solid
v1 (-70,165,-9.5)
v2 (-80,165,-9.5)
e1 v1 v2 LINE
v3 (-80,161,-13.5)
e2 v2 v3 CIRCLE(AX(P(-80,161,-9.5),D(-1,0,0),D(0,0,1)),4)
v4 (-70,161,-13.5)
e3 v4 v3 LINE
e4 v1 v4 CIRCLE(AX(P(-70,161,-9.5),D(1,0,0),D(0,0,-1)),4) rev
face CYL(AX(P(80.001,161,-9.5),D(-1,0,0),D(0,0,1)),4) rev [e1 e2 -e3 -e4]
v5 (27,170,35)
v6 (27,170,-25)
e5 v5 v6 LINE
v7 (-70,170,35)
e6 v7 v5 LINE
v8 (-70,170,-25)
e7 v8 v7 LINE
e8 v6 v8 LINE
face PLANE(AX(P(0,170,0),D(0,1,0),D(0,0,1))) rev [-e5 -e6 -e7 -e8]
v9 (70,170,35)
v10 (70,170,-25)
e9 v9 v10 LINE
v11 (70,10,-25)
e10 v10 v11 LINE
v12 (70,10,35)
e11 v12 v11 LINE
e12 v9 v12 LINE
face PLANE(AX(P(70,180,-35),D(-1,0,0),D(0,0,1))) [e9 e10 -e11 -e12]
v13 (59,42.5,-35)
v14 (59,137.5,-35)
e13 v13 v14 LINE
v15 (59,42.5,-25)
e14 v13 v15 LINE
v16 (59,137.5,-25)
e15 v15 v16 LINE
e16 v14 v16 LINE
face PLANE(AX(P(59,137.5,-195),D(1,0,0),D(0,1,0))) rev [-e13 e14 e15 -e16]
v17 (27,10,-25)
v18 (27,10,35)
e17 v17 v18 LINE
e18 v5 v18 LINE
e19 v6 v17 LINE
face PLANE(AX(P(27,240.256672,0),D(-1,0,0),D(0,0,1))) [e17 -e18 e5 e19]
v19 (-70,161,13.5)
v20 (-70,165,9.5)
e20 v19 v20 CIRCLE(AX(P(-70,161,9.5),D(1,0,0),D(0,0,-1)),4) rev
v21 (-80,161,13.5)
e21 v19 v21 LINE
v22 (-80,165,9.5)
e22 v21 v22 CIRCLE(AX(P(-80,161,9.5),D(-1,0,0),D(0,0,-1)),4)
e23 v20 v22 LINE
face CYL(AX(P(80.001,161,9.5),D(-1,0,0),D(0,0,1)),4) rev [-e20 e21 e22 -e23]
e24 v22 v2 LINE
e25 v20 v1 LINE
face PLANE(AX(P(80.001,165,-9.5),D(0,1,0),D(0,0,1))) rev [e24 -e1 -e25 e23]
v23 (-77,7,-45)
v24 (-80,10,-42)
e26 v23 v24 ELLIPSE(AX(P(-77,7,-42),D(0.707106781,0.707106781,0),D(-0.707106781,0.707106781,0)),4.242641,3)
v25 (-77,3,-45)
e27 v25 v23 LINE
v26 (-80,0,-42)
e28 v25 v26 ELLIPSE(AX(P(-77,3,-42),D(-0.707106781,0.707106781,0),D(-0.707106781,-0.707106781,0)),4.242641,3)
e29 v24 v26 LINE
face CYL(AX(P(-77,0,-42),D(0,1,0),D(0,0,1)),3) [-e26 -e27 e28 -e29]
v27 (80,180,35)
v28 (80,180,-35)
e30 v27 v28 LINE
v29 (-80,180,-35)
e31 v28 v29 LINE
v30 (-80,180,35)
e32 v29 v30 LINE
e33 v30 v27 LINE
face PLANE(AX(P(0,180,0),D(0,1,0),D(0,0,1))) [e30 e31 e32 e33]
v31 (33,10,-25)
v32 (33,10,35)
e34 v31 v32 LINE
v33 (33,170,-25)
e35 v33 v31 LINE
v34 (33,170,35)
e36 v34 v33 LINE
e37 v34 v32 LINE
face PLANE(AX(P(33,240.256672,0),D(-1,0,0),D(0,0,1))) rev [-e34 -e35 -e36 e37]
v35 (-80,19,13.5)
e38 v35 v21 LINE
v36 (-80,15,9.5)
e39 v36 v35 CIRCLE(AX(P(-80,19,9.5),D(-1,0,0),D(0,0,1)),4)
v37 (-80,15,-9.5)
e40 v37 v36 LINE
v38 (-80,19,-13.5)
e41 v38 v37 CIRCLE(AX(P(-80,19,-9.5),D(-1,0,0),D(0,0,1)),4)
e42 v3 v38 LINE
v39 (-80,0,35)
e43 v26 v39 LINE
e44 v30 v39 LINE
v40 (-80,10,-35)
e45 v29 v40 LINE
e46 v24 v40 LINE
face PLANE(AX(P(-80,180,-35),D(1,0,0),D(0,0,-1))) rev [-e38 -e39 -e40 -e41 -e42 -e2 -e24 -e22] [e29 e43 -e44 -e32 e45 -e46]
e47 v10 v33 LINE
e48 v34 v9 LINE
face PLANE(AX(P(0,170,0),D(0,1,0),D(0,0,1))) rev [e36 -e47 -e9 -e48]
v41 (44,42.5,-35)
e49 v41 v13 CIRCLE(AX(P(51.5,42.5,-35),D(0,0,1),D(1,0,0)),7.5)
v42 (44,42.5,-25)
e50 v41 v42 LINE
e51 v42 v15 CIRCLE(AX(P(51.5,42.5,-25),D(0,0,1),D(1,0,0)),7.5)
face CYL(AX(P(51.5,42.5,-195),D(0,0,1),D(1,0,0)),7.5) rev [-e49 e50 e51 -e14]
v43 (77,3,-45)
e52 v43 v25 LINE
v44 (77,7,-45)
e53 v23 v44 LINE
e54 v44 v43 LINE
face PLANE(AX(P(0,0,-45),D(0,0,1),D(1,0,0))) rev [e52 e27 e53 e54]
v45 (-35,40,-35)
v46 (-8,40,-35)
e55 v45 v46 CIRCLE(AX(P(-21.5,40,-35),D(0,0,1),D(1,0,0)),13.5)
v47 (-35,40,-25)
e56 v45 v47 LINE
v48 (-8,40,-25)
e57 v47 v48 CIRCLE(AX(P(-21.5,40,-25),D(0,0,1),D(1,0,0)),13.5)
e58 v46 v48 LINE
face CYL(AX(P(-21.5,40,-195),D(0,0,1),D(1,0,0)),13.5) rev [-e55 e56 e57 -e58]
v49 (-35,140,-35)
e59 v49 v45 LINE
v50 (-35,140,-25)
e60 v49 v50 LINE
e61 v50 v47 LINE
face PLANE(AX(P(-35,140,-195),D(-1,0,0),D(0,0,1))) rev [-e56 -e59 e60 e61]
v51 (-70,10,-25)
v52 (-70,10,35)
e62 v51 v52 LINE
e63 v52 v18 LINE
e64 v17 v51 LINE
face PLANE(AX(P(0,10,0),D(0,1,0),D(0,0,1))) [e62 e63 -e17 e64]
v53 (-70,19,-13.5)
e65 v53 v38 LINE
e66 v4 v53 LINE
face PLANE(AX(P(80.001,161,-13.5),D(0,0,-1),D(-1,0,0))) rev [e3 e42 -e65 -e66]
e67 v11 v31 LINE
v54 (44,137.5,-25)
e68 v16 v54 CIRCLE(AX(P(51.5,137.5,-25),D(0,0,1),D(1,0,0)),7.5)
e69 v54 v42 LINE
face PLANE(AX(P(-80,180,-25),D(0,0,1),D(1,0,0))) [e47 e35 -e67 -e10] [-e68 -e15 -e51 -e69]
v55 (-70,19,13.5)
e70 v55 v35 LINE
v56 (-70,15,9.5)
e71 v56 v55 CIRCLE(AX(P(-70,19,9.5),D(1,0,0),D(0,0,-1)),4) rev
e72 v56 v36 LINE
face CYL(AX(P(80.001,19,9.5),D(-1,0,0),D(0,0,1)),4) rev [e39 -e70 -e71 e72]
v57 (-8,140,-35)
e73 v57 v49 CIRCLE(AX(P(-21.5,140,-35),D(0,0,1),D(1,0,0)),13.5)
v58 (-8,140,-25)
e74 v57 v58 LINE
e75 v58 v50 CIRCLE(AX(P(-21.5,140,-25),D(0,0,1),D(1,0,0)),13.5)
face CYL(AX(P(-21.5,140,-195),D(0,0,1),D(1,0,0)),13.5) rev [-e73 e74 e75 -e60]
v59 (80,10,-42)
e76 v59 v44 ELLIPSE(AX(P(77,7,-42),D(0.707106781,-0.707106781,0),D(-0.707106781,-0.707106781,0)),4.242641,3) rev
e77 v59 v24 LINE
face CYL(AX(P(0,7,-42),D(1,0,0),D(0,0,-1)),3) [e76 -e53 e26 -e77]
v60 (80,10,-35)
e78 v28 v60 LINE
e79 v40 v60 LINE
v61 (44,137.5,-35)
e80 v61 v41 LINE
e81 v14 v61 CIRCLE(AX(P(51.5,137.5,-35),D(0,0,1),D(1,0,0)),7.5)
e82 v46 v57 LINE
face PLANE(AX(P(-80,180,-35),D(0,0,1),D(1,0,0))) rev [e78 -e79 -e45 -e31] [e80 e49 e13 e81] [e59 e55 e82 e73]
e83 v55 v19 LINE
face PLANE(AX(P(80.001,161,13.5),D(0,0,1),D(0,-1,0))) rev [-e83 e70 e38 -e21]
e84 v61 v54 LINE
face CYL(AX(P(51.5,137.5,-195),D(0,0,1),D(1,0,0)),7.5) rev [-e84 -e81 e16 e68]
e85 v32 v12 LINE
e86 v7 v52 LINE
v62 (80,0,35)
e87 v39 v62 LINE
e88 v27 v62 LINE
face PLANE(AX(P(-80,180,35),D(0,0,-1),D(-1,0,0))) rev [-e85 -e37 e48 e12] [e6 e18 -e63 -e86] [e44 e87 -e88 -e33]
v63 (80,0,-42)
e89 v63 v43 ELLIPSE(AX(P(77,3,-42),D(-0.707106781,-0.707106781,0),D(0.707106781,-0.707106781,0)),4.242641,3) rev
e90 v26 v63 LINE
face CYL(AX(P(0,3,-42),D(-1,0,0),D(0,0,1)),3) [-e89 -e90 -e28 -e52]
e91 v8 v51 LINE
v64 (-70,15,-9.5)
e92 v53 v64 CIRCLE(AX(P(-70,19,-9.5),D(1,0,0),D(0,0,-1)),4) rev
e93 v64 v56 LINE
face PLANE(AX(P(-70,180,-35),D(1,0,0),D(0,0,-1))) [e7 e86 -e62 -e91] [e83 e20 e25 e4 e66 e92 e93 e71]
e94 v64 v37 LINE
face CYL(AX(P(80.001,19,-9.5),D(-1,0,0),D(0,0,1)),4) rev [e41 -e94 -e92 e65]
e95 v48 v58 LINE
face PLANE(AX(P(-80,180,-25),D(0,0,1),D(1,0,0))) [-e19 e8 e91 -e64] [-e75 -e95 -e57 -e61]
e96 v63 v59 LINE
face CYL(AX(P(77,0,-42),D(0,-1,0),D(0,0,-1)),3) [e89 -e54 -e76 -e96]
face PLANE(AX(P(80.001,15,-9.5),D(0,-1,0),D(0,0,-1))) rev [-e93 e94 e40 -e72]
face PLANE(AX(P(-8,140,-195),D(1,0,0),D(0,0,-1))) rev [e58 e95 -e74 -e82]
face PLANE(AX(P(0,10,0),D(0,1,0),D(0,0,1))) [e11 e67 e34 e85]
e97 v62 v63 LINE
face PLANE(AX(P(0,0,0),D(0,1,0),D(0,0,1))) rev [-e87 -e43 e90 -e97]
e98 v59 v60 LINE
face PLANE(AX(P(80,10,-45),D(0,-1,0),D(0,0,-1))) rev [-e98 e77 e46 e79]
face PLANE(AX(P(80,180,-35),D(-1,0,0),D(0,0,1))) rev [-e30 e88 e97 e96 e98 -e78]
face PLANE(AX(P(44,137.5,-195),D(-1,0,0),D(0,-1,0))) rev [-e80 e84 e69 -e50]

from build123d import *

# Parameters (mm, degrees)
SKETCH_1_W          = 160
SKETCH_1_H          = 70
EXTRUDE_1_DEPTH     = 180
SHELL_1_T           = -10
SKETCH_2_W          = 3
SKETCH_2_H          = 70
EXTRUDE_2_DEPTH     = 170
CUT_EXTRUDE_1_DEPTH = 170
CUT_EXTRUDE_2_DEPTH = 170
CUT_EXTRUDE_3_REACH = 245.362
SKETCH_6_W          = 160
SKETCH_6_H          = 10
EXTRUDE_3_DEPTH     = 10
FILLET_1_R          = 3


with BuildPart() as part:
    # 草图1 → 凸台-拉伸1 (new body)
    with BuildSketch(Plane(origin=(0, 0, 0), x_dir=(1, 0, 0), z_dir=(0, 1, 0))):
        Rectangle(SKETCH_1_W, SKETCH_1_H)
    extrude(amount=EXTRUDE_1_DEPTH)

    # 抽壳1
    shell_1_openings = [part.faces().sort_by_distance(p)[0] for p in [
        (0, 90, 35),
    ]]
    offset(amount=SHELL_1_T, openings=shell_1_openings, kind=Kind.INTERSECTION)

    # 草图2 → 凸台-拉伸2 (add)
    with BuildSketch(Plane.XZ):
        with Locations((31.5, 0)):
            Rectangle(SKETCH_2_W, SKETCH_2_H)
        with Locations((28.5, 0)):
            Rectangle(SKETCH_2_W, SKETCH_2_H)
    extrude(amount=-EXTRUDE_2_DEPTH)

    # 草图3 → 切除-拉伸1 (cut)
    with BuildSketch(Plane.XY.offset(-25)):
        with BuildLine():
            Line((-8, 140), (-8, 40))
            ThreePointArc((-8, 40), (-21.5, 26.5), (-35, 40))
            Line((-35, 40), (-35, 140))
            ThreePointArc((-35, 140), (-21.5, 153.5), (-8, 140))
        make_face()
    extrude(amount=-CUT_EXTRUDE_1_DEPTH, mode=Mode.SUBTRACT)

    # 草图4 → 切除-拉伸2 (cut)
    with BuildSketch(Plane.XY.offset(-25)):
        with BuildLine():
            Line((59, 137.5), (59, 42.5))
            ThreePointArc((59, 42.5), (51.5, 35), (44, 42.5))
            Line((44, 42.5), (44, 137.5))
            ThreePointArc((44, 137.5), (51.5, 145), (59, 137.5))
        make_face()
    extrude(amount=-CUT_EXTRUDE_2_DEPTH, mode=Mode.SUBTRACT)

    # 草图5 → 切除-拉伸3 (cut, up to next)
    with BuildSketch(Plane.ZY.offset(80), mode=Mode.PRIVATE) as cut_extrude_3_sk1:
        with BuildLine():
            Line((-9.5, 165), (9.5, 165))
            ThreePointArc((9.5, 165), (12.328427125, 163.828427125), (13.5, 161))
            Line((13.5, 161), (13.5, 19))
            ThreePointArc((13.5, 19), (12.328427125, 16.171572875), (9.5, 15))
            Line((9.5, 15), (-9.5, 15))
            ThreePointArc((-9.5, 15), (-12.328427125, 16.171572875), (-13.5, 19))
            Line((-13.5, 19), (-13.5, 161))
            ThreePointArc((-13.5, 161), (-12.328427125, 163.828427125), (-9.5, 165))
        make_face()
    cut_extrude_3_tool1 = extrude(cut_extrude_3_sk1.sketch, amount=-CUT_EXTRUDE_3_REACH, mode=Mode.PRIVATE) & part.part
    add(cut_extrude_3_tool1.solids().sort_by_distance((-80, 90, 0))[0], mode=Mode.SUBTRACT)

    # 草图6 → 凸台-拉伸3 (add)
    with BuildSketch(Plane(origin=(0, 0, -35), x_dir=(-1, 0, 0), z_dir=(0, 0, -1))):
        with Locations((0, 5)):
            Rectangle(SKETCH_6_W, SKETCH_6_H)
    extrude(amount=EXTRUDE_3_DEPTH)

    # 圆角1
    fillet_1_edges = [part.edges().sort_by_distance(p)[0] for p in [
        (80, 5, -45),
        (0, 0, -45),
        (-80, 5, -45),
        (0, 10, -45),
    ]]
    fillet(fillet_1_edges, radius=FILLET_1_R)


solid = part.part
